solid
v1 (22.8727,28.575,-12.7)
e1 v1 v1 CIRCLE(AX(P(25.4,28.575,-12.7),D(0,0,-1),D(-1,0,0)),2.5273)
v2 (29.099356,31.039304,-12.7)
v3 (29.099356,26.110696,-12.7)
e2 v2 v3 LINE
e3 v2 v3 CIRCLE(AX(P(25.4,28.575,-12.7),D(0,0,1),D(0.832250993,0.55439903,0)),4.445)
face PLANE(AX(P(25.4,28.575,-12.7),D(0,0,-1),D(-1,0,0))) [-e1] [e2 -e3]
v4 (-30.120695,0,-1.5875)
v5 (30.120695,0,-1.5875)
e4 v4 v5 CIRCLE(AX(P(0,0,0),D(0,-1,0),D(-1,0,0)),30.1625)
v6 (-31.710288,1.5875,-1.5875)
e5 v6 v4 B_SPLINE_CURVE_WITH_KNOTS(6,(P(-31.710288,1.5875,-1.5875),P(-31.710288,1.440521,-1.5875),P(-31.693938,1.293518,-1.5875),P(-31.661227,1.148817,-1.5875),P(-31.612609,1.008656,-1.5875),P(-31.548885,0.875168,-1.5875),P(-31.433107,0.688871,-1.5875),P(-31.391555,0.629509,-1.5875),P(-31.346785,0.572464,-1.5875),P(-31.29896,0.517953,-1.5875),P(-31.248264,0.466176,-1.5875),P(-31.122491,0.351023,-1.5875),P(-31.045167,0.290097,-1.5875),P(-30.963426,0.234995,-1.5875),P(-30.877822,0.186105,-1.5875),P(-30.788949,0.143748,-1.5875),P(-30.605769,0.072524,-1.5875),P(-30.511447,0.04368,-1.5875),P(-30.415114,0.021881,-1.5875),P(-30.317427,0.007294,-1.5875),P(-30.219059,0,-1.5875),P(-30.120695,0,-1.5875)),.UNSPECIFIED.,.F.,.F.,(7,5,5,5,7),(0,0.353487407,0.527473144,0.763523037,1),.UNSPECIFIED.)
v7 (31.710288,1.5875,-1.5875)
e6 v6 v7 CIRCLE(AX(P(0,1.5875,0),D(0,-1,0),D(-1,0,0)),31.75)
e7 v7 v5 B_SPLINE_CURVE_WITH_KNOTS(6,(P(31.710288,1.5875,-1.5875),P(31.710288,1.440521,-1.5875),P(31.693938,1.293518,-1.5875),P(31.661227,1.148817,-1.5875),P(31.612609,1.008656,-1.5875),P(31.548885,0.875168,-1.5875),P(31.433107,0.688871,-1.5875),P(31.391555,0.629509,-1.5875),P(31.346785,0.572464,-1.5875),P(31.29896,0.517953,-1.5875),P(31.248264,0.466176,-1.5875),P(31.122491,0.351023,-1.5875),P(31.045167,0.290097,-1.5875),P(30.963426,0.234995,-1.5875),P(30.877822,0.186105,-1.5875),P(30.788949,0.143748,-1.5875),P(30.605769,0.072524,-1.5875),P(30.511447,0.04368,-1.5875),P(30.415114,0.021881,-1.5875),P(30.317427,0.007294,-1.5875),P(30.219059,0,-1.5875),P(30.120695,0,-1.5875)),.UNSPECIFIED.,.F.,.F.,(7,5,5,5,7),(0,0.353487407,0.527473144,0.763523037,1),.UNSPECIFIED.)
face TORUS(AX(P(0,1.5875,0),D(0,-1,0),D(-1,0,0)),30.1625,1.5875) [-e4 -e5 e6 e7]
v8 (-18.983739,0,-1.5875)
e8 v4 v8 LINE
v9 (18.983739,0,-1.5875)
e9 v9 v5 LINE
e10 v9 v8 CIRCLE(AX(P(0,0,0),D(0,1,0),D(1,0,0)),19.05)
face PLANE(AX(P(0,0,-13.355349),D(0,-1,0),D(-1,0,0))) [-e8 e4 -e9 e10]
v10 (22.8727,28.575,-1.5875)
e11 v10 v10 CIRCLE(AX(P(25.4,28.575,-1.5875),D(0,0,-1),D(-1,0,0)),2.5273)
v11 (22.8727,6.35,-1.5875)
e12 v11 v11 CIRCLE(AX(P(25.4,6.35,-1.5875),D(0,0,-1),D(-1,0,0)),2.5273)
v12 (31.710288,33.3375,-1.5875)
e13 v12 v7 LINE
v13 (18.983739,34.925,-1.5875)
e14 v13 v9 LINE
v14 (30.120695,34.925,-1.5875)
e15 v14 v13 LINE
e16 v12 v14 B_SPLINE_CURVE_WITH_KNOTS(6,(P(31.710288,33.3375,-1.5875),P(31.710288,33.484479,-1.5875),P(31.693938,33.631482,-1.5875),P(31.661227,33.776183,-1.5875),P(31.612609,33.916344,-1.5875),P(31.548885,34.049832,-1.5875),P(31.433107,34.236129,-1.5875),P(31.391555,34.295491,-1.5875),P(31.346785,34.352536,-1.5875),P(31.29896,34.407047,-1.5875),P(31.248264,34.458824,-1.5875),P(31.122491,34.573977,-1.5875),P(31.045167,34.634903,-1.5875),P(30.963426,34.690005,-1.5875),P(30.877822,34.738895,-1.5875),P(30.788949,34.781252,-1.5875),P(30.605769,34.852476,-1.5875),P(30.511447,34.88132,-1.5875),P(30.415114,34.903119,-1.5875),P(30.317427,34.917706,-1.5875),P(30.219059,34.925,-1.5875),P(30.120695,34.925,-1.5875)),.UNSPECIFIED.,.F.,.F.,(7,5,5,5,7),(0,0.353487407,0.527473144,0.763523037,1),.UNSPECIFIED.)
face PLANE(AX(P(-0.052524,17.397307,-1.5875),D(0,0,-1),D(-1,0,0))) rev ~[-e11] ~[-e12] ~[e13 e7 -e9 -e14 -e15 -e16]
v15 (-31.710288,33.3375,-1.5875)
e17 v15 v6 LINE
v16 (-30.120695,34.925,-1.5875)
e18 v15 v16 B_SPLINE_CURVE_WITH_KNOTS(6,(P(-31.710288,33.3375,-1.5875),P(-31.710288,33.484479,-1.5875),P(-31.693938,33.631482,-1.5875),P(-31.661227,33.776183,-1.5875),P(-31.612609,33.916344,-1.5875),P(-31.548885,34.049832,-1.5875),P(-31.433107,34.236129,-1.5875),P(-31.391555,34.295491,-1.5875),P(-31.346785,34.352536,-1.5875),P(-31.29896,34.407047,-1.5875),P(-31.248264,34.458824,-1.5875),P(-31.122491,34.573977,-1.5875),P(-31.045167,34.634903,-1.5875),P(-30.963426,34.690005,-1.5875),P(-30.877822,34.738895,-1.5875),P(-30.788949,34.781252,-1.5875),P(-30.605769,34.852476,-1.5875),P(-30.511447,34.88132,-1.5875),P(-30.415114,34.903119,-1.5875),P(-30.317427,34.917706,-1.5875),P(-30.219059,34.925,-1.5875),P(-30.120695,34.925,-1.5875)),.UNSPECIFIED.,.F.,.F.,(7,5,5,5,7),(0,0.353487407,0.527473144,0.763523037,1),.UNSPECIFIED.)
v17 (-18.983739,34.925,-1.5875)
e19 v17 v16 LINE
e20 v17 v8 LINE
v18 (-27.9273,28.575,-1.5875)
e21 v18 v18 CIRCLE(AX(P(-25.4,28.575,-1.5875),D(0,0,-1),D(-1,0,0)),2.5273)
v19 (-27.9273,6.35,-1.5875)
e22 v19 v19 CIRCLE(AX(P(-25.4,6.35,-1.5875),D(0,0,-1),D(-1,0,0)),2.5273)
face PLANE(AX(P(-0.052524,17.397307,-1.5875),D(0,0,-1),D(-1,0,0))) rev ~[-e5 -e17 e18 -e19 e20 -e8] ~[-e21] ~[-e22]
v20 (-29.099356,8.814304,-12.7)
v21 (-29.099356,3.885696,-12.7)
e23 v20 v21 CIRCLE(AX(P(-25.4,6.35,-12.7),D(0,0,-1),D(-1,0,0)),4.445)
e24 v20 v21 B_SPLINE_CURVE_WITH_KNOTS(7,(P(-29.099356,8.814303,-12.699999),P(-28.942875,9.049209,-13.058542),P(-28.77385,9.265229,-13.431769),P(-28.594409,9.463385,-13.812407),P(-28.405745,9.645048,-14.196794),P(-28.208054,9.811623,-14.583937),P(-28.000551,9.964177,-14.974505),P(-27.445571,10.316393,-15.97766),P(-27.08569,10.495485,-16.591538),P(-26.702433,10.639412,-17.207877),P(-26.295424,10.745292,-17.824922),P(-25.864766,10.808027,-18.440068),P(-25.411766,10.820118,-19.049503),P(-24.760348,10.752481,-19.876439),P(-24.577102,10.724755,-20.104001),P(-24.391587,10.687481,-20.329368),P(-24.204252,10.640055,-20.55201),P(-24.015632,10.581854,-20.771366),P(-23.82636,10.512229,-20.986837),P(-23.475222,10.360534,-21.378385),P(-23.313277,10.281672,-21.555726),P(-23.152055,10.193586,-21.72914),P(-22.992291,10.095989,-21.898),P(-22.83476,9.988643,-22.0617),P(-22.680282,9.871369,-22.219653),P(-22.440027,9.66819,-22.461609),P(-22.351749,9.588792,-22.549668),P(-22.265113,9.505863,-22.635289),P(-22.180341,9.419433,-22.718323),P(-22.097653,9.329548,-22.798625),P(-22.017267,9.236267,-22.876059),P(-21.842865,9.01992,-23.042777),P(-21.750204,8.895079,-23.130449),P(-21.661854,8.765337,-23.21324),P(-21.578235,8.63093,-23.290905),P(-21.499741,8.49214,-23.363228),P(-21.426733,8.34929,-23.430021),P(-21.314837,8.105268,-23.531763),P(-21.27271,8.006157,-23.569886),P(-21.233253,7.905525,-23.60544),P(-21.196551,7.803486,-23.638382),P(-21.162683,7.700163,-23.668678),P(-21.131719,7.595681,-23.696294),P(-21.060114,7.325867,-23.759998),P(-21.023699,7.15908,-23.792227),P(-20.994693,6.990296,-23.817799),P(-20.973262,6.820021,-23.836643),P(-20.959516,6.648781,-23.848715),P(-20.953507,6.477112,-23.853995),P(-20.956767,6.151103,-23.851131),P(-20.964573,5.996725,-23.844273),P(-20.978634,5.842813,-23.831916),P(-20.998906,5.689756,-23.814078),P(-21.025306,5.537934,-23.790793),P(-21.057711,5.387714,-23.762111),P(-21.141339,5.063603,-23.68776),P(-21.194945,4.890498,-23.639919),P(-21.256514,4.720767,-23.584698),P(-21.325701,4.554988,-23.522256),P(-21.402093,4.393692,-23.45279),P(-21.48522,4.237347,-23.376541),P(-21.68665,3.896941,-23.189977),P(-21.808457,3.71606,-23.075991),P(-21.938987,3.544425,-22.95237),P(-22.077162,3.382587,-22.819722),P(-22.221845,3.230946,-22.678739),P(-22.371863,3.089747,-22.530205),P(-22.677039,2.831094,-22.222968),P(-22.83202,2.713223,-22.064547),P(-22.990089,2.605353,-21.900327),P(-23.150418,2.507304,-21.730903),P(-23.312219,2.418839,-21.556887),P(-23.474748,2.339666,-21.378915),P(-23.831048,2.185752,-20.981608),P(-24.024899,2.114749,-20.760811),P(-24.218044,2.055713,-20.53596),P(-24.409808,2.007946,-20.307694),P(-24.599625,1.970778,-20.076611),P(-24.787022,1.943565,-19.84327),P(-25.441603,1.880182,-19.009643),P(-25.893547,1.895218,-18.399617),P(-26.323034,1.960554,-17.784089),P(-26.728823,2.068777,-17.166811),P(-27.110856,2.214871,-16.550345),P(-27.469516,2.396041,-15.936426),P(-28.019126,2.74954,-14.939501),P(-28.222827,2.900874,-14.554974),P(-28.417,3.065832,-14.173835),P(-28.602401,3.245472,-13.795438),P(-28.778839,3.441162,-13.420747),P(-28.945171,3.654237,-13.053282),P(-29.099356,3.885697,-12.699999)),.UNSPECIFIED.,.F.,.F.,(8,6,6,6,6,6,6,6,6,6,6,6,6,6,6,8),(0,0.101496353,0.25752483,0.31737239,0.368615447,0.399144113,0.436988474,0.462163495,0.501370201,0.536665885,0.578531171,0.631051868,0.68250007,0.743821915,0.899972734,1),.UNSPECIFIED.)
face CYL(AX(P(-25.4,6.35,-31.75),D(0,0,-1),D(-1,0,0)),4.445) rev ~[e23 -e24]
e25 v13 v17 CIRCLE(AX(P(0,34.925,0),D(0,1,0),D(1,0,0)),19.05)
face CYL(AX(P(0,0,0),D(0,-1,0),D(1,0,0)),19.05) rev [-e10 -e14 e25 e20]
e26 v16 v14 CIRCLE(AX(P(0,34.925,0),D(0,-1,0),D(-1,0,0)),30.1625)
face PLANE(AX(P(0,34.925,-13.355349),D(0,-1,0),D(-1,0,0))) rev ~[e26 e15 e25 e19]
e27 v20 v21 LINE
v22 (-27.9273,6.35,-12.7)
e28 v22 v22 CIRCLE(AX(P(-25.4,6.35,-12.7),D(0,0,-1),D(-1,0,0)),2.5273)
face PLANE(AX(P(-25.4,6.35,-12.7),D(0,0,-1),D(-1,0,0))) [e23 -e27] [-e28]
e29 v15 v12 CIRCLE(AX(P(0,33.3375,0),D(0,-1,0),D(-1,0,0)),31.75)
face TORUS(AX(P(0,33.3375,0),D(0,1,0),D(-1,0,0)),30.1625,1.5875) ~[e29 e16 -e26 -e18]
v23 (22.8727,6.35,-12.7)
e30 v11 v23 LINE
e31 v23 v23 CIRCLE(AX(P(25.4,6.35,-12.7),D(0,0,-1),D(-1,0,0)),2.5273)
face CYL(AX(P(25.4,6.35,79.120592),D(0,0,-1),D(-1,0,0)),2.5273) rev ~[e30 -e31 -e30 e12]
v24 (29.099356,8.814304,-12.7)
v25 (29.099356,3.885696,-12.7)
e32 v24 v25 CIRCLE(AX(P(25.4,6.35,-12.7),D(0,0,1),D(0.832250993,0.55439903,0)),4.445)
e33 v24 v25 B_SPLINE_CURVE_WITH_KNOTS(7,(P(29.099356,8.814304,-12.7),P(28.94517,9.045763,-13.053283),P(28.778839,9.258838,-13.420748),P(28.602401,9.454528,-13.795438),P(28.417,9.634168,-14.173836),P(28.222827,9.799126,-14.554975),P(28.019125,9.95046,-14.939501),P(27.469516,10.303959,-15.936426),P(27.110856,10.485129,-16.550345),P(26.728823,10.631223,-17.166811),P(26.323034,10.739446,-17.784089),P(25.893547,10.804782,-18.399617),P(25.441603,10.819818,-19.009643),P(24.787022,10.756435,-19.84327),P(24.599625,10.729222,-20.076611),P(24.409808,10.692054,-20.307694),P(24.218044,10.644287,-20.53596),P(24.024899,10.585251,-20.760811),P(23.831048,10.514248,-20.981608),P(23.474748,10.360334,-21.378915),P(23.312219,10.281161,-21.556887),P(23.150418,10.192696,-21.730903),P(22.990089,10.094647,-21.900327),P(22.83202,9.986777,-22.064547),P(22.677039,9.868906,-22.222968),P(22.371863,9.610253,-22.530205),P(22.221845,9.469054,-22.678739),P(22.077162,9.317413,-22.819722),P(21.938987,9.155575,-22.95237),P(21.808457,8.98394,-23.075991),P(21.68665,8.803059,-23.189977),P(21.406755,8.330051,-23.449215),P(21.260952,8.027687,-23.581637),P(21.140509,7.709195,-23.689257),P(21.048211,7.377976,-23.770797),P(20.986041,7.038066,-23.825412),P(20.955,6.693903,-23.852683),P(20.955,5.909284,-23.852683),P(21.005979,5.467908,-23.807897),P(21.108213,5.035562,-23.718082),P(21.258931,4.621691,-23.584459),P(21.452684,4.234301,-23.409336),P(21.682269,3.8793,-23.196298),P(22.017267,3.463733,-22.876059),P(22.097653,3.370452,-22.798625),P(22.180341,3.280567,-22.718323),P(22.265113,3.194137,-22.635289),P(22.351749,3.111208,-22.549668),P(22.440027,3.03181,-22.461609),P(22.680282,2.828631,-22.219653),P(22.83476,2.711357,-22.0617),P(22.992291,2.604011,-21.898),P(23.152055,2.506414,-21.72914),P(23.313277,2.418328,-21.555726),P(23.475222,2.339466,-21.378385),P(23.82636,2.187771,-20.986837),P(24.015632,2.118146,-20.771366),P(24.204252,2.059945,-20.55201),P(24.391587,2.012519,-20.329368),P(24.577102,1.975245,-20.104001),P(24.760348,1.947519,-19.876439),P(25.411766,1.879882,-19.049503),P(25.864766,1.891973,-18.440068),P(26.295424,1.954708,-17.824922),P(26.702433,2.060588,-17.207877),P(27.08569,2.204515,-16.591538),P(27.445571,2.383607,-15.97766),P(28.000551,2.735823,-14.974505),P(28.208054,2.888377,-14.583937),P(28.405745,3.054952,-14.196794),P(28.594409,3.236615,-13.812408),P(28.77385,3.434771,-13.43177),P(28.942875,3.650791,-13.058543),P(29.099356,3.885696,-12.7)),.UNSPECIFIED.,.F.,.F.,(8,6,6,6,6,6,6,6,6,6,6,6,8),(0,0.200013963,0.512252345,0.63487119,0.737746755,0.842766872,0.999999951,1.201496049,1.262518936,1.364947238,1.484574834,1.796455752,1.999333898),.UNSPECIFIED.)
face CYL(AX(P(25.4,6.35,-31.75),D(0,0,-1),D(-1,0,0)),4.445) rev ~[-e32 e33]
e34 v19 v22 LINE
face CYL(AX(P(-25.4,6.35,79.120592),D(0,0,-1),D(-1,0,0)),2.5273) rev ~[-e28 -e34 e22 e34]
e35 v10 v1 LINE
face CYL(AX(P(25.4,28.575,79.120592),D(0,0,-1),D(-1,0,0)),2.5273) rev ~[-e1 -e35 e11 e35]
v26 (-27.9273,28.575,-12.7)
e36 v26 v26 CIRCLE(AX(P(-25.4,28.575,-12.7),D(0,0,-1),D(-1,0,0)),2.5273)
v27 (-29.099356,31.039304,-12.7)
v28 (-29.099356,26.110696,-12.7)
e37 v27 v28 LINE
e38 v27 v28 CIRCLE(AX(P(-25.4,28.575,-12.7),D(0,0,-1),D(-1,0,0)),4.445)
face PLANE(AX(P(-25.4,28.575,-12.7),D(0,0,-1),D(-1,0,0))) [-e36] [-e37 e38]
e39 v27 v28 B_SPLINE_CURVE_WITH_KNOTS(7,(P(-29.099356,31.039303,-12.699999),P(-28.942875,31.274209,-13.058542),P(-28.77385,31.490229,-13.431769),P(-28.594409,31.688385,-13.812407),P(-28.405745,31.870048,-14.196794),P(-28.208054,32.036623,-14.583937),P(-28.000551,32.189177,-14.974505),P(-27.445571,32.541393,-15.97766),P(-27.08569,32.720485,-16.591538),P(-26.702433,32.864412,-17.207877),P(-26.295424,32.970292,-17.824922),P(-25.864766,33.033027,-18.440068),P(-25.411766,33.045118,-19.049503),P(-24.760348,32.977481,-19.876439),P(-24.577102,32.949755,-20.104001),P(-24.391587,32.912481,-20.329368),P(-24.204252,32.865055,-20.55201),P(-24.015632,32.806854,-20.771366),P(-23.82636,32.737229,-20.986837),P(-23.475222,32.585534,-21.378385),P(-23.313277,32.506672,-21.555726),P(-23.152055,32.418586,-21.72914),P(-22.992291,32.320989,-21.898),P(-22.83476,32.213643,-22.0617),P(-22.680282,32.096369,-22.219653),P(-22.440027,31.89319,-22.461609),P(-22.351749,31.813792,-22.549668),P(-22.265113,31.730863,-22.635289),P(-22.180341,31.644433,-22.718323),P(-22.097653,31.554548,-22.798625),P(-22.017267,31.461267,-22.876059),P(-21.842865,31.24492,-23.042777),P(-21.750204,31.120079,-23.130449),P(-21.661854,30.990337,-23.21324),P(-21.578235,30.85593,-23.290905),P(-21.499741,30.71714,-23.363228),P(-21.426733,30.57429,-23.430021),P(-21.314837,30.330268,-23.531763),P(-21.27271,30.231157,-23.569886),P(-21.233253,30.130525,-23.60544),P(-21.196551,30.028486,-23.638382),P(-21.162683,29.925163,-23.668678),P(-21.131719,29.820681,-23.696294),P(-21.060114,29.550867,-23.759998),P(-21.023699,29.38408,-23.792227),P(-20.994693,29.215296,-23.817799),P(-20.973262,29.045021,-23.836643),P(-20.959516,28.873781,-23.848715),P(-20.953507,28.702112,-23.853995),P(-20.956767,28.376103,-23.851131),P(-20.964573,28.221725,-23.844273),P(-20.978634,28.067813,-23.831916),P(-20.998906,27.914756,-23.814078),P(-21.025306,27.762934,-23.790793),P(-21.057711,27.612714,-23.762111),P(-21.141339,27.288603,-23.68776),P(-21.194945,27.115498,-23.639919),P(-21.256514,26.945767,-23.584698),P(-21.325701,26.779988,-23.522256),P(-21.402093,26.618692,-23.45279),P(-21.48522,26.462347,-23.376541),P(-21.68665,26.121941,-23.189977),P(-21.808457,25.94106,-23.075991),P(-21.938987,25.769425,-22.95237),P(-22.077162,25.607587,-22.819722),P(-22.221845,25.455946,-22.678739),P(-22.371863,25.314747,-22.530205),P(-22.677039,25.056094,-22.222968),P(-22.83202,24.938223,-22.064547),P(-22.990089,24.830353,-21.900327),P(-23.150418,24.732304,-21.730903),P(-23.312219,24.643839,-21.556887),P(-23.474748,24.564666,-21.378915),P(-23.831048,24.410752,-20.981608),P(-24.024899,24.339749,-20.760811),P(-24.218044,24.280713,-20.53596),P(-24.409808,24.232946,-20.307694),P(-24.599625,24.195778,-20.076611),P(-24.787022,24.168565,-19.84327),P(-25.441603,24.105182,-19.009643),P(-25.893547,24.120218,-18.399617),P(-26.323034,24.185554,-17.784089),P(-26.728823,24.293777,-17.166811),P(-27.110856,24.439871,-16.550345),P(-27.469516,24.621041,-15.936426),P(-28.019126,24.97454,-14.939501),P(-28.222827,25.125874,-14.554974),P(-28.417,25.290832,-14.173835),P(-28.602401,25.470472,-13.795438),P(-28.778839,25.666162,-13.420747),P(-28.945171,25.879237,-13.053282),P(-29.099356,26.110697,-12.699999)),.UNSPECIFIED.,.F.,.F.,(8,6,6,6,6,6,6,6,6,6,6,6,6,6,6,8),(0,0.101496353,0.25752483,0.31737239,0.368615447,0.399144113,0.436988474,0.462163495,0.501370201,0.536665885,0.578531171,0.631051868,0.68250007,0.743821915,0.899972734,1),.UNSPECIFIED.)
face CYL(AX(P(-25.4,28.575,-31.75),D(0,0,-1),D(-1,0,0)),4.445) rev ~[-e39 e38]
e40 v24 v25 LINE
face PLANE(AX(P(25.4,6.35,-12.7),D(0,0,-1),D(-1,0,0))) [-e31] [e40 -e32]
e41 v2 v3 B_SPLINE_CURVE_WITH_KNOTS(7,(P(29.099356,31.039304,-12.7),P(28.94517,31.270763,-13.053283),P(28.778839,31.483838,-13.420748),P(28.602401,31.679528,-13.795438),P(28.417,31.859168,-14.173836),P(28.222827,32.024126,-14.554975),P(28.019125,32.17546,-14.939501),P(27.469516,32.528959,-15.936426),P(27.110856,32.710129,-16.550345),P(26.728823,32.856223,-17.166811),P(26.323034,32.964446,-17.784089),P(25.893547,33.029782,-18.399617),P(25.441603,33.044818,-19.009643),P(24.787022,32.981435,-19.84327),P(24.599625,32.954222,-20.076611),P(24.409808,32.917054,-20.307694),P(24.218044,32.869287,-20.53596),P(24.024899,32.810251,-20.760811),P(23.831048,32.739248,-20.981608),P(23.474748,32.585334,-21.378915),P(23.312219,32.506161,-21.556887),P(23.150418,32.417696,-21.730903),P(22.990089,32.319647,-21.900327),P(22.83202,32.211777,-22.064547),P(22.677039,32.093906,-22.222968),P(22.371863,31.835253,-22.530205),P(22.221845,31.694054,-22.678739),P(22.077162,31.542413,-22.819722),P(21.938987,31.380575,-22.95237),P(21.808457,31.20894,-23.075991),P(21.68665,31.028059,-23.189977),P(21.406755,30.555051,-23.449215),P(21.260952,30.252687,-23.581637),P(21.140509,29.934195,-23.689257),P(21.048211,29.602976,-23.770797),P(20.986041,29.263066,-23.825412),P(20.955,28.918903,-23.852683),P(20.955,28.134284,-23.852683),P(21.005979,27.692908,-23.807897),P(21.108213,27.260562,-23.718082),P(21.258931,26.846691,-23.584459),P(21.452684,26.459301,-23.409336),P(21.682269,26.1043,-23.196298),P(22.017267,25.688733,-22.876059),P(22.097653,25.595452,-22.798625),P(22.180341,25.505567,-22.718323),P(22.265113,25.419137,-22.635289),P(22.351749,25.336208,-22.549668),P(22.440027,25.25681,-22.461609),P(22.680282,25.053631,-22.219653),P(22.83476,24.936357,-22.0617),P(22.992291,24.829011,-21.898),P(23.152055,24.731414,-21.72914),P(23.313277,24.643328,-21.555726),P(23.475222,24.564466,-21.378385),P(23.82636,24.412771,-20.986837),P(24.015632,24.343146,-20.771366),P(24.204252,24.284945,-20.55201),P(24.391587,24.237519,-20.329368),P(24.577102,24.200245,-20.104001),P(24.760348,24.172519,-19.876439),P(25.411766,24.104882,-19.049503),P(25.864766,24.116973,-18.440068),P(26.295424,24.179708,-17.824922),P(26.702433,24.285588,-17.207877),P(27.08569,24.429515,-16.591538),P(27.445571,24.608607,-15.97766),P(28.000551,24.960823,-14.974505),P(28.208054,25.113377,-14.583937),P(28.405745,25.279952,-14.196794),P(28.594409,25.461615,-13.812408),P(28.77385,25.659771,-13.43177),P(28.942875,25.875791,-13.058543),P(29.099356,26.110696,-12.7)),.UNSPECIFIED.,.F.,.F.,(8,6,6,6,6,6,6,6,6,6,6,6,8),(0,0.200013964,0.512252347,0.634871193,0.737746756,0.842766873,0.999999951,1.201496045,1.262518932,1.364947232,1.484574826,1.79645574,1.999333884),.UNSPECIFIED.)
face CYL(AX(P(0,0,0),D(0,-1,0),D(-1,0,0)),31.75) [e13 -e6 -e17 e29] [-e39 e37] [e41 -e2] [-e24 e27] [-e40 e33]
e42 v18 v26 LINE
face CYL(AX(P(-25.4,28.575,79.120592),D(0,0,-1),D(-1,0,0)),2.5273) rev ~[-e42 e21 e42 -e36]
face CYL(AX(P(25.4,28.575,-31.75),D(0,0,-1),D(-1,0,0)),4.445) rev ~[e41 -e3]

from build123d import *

# Parameters (mm, degrees)
BOSS_EXTRUDE1_DEPTH        = 34.925
F_8_0_199_DIAMETER_HOLE1_D = 5.0546
LPATTERN1_COUNT            = 2
LPATTERN1_PITCH            = 50.8
LPATTERN1_COUNT_DIR2       = 2
LPATTERN1_PITCH_DIR2       = 22.225
SKETCH5_R                  = 4.445
CUT_EXTRUDE1_DEPTH         = 19.05
LPATTERN2_COUNT            = 2
LPATTERN2_PITCH            = 50.8
LPATTERN2_COUNT_DIR2       = 2
LPATTERN2_PITCH_DIR2       = 22.225
FILLET1_R                  = 1.5875
SKETCH6_W                  = 63.605048243
SKETCH6_H                  = 35.055385684
CUT_EXTRUDE3_DEPTH         = 1.5875


with BuildPart() as part:
    # Sketch1 → Boss-Extrude1 (new body)
    with BuildSketch(Plane(origin=(0, 0, 0), x_dir=(1, 0, 0), z_dir=(0, 1, 0))):
        with BuildLine():
            Line((-19.05, 0), (-31.75, 0))
            ThreePointArc((-31.75, 0), (0, 31.75), (31.75, 0))
            Line((31.75, 0), (19.05, 0))
            ThreePointArc((19.05, 0), (0, 19.05), (-19.05, 0))
        make_face()
    extrude(amount=BOSS_EXTRUDE1_DEPTH)

    # #8 (0.199) Diameter Hole1 (through all)
    with Locations(Plane.XY):
        with Locations((-25.4, 28.575)):
            f_8_0_199_diameter_hole1 = Hole(F_8_0_199_DIAMETER_HOLE1_D / 2)

    # LPattern1: 8 _0.199_ Diameter Hole1 2 × 2
    with Locations(*[(i * LPATTERN1_PITCH, -j * LPATTERN1_PITCH_DIR2, 0) for i in range(LPATTERN1_COUNT) for j in range(LPATTERN1_COUNT_DIR2) if (i, j) != (0, 0)]):
        add(f_8_0_199_diameter_hole1, mode=Mode.SUBTRACT)

    # Sketch5 → Cut-Extrude1 (cut)
    with BuildSketch(Plane(origin=(0, 0, -31.75), x_dir=(-1, 0, 0), z_dir=(0, 0, -1))):
        with Locations((-25.4, 28.575)):
            Circle(SKETCH5_R)
    cut_extrude1 = extrude(amount=-CUT_EXTRUDE1_DEPTH, mode=Mode.SUBTRACT)

    # LPattern2: Cut-Extrude1 2 × 2
    with Locations(*[(-i * LPATTERN2_PITCH, -j * LPATTERN2_PITCH_DIR2, 0) for i in range(LPATTERN2_COUNT) for j in range(LPATTERN2_COUNT_DIR2) if (i, j) != (0, 0)]):
        add(cut_extrude1, mode=Mode.SUBTRACT)

    # Fillet1
    fillet1_edges = [part.edges().sort_by_distance(p)[0] for p in [
        (0, 34.925, -31.75),
        (0, 0, -31.75),
    ]]
    fillet(fillet1_edges, radius=FILLET1_R)

    # Sketch6 → Cut-Extrude3 (cut)
    with BuildSketch(Plane(origin=(0, 0, 0), x_dir=(-1, 0, 0), z_dir=(0, 0, -1))):
        with Locations((0.052524121, 17.397307158)):
            Rectangle(SKETCH6_W, SKETCH6_H)
    extrude(amount=CUT_EXTRUDE3_DEPTH, mode=Mode.SUBTRACT)


solid = part.part
